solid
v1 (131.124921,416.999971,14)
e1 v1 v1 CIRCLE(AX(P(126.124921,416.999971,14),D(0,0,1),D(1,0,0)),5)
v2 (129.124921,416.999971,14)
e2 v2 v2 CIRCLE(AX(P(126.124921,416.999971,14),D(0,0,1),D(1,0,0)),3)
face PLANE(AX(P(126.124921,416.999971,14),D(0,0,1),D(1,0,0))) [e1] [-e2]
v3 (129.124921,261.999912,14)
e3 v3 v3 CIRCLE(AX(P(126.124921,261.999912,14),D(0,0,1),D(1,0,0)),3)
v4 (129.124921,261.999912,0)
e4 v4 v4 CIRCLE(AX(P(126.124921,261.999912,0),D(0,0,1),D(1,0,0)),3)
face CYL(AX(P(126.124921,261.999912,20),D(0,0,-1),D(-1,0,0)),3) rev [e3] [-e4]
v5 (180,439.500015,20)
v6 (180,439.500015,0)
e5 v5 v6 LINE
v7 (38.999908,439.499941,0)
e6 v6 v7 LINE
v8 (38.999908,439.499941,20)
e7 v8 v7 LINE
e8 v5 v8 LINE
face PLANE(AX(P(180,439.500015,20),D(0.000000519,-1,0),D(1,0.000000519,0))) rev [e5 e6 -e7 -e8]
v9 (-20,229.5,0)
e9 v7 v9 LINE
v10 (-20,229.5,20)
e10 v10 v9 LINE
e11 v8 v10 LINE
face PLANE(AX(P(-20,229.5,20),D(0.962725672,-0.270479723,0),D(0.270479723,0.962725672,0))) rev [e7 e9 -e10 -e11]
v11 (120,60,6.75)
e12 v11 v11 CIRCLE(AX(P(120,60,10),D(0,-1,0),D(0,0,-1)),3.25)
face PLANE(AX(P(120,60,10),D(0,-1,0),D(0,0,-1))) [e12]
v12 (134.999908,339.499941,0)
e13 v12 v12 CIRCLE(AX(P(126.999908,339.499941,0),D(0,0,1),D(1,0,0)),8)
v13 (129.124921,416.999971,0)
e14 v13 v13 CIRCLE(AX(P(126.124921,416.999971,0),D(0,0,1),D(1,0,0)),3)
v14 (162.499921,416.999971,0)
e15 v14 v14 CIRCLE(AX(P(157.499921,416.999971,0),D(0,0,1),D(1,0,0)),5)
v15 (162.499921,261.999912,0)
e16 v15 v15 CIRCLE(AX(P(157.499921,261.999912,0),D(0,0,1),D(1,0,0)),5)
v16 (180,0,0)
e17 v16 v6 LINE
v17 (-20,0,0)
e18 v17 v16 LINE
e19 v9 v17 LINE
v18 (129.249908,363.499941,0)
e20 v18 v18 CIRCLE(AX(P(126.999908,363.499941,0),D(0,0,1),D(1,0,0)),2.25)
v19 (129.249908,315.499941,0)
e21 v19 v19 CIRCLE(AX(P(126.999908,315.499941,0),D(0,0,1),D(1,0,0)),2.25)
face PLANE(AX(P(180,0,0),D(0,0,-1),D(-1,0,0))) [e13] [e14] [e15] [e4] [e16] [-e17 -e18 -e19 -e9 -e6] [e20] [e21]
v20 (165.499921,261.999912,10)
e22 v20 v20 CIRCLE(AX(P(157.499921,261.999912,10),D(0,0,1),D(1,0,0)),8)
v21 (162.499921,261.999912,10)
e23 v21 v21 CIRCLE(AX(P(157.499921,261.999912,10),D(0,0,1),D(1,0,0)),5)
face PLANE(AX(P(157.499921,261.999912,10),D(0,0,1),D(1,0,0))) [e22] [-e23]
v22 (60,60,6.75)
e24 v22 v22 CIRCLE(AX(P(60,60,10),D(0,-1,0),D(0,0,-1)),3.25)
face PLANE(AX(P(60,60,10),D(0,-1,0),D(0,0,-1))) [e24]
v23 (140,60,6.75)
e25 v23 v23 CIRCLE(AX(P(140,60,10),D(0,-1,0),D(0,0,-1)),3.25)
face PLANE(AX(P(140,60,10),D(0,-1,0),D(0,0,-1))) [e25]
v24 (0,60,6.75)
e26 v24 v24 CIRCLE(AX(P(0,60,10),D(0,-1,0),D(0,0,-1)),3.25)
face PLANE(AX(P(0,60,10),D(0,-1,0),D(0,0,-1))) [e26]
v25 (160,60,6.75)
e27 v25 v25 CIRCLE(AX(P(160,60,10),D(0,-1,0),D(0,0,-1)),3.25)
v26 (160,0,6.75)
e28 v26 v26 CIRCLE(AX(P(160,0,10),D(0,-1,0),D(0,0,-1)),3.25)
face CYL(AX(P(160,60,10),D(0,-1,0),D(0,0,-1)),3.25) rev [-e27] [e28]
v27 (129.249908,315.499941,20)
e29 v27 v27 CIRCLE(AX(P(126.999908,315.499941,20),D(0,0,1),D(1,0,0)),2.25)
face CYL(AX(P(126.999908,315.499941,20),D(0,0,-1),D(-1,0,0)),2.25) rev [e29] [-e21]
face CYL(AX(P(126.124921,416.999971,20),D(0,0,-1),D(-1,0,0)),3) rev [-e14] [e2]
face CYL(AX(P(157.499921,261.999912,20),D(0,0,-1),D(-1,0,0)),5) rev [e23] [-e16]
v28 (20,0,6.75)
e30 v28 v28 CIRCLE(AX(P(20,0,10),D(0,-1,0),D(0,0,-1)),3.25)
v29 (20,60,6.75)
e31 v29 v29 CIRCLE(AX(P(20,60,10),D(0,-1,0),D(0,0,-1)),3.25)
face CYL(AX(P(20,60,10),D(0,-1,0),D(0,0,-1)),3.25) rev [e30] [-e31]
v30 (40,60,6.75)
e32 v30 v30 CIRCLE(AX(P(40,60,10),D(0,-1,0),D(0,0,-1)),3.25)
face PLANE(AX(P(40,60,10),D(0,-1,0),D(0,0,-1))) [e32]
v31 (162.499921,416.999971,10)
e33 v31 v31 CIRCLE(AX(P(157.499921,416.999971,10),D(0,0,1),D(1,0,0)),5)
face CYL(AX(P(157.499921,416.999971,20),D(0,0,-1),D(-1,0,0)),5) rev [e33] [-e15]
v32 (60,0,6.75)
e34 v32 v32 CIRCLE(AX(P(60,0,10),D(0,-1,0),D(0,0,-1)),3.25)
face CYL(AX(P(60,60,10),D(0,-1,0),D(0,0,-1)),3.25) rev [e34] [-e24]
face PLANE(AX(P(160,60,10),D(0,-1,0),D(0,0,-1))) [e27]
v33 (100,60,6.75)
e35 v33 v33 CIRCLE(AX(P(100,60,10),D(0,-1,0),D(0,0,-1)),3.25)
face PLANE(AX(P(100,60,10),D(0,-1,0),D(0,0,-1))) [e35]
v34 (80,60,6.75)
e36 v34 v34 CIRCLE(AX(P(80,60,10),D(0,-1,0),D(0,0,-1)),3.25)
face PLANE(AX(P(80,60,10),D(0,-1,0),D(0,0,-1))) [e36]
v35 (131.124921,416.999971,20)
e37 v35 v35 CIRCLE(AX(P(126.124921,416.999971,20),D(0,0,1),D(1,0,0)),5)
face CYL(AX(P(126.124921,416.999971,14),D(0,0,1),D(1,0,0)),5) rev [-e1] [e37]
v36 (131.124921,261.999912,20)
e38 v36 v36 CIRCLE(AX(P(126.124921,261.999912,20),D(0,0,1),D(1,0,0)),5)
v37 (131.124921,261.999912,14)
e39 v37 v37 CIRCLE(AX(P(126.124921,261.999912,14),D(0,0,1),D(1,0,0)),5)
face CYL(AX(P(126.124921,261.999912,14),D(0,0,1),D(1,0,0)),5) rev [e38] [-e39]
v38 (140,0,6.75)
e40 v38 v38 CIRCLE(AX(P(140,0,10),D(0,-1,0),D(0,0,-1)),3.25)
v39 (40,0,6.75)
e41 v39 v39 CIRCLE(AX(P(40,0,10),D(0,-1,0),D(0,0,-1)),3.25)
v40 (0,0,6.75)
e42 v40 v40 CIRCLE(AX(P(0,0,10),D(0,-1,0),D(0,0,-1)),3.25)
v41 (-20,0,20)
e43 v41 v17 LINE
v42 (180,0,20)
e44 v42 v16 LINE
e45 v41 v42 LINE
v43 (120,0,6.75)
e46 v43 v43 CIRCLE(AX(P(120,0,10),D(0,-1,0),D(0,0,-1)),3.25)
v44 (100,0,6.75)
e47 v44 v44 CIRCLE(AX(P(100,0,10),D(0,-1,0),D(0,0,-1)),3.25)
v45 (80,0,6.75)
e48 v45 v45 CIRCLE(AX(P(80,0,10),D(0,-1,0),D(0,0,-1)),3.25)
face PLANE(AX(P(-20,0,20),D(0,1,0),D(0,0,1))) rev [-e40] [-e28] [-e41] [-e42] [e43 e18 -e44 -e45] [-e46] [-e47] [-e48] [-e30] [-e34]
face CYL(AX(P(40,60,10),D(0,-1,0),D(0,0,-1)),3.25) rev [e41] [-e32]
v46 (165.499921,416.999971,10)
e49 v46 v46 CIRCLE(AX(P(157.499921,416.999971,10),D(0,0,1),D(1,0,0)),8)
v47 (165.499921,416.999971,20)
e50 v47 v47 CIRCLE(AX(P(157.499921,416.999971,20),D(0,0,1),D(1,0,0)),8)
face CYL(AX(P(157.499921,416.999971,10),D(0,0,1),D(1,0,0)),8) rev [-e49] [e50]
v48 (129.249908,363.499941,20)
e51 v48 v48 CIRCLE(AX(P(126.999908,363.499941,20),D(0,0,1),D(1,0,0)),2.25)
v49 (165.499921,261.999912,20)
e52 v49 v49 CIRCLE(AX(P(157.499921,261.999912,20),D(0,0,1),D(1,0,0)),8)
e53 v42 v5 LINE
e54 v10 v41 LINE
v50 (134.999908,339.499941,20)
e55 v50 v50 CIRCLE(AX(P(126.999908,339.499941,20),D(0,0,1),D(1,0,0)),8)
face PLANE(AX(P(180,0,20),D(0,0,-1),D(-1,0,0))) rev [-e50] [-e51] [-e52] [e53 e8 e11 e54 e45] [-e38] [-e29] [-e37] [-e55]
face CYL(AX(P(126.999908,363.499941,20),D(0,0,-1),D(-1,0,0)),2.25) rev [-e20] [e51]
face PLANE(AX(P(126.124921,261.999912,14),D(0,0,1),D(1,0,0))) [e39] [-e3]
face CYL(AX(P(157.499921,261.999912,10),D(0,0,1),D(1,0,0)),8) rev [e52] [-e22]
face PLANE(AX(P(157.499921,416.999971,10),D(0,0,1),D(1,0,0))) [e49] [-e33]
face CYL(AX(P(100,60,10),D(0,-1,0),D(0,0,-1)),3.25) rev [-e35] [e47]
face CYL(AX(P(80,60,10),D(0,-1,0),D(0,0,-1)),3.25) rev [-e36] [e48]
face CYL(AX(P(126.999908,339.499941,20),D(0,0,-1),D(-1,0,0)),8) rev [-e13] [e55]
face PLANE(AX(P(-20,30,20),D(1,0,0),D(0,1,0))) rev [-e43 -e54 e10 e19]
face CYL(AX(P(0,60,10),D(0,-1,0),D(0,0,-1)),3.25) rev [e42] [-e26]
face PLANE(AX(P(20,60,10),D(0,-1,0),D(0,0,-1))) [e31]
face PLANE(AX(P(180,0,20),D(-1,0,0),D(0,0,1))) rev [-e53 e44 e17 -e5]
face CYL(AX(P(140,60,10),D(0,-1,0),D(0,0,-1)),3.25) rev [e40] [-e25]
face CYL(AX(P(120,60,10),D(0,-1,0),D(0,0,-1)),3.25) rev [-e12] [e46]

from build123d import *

# Parameters (mm, degrees)
SKETCH1_R          = 8
SKETCH1_R_2        = 5
SKETCH1_R_3        = 2.25
SKETCH1_R_4        = 3
EXTRUDE1_DEPTH     = 20
SKETCH3_R          = 8
CUT_EXTRUDE2_DEPTH = 10
SKETCH4_R          = 3.25
CUT_EXTRUDE3_DEPTH = 60
SKETCH5_R          = 5
CUT_EXTRUDE4_DEPTH = 6


with BuildPart() as part:
    # Sketch1 → Extrude1 (new body)
    with BuildSketch(Plane.XY):
        Polygon((-20, 229.5), (38.999908, 439.49994136), (180, 439.50001453), (180, 30), (180, 0), (-20, 0), (-20, 30), align=None)
        with Locations((126.999908, 339.49994136)):
            Circle(SKETCH1_R, mode=Mode.SUBTRACT)
        with Locations((157.49992067, 416.99997068)):
            Circle(SKETCH1_R_2, mode=Mode.SUBTRACT)
        with Locations((126.999908, 363.49994136)):
            Circle(SKETCH1_R_3, mode=Mode.SUBTRACT)
        with Locations((126.999908, 315.49994136)):
            Circle(SKETCH1_R_3, mode=Mode.SUBTRACT)
        with Locations((157.49992067, 261.99991204)):
            Circle(SKETCH1_R_2, mode=Mode.SUBTRACT)
        with Locations((126.12492067, 261.99991204)):
            Circle(SKETCH1_R_4, mode=Mode.SUBTRACT)
        with Locations((126.12492067, 416.99997068)):
            Circle(SKETCH1_R_4, mode=Mode.SUBTRACT)
    extrude(amount=EXTRUDE1_DEPTH)

    # Sketch3 → Cut-Extrude2 (cut)
    with BuildSketch(Plane.XY.offset(20)):
        with Locations((157.49992067, 416.99997068)):
            Circle(SKETCH3_R)
        with Locations((157.49992067, 261.99991204)):
            Circle(SKETCH3_R)
    extrude(amount=-CUT_EXTRUDE2_DEPTH, mode=Mode.SUBTRACT)

    # Sketch4 → Cut-Extrude3 (cut)
    with BuildSketch(Plane.XZ):
        with Locations((20, 10)):
            Circle(SKETCH4_R)
        with Locations((40, 10)):
            Circle(SKETCH4_R)
        with Locations((60, 10)):
            Circle(SKETCH4_R)
        with Locations((80, 10)):
            Circle(SKETCH4_R)
        with Locations((100, 10)):
            Circle(SKETCH4_R)
        with Locations((120, 10)):
            Circle(SKETCH4_R)
        with Locations((140, 10)):
            Circle(SKETCH4_R)
        with Locations((160, 10)):
            Circle(SKETCH4_R)
        with Locations((0, 10)):
            Circle(SKETCH4_R)
    extrude(amount=-CUT_EXTRUDE3_DEPTH, mode=Mode.SUBTRACT)

    # Sketch5 → Cut-Extrude4 (cut)
    with BuildSketch(Plane.XY.offset(20)):
        with Locations((126.12492067, 416.99997068)):
            Circle(SKETCH5_R)
        with Locations((126.12492067, 261.99991204)):
            Circle(SKETCH5_R)
    extrude(amount=-CUT_EXTRUDE4_DEPTH, mode=Mode.SUBTRACT)


solid = part.part
